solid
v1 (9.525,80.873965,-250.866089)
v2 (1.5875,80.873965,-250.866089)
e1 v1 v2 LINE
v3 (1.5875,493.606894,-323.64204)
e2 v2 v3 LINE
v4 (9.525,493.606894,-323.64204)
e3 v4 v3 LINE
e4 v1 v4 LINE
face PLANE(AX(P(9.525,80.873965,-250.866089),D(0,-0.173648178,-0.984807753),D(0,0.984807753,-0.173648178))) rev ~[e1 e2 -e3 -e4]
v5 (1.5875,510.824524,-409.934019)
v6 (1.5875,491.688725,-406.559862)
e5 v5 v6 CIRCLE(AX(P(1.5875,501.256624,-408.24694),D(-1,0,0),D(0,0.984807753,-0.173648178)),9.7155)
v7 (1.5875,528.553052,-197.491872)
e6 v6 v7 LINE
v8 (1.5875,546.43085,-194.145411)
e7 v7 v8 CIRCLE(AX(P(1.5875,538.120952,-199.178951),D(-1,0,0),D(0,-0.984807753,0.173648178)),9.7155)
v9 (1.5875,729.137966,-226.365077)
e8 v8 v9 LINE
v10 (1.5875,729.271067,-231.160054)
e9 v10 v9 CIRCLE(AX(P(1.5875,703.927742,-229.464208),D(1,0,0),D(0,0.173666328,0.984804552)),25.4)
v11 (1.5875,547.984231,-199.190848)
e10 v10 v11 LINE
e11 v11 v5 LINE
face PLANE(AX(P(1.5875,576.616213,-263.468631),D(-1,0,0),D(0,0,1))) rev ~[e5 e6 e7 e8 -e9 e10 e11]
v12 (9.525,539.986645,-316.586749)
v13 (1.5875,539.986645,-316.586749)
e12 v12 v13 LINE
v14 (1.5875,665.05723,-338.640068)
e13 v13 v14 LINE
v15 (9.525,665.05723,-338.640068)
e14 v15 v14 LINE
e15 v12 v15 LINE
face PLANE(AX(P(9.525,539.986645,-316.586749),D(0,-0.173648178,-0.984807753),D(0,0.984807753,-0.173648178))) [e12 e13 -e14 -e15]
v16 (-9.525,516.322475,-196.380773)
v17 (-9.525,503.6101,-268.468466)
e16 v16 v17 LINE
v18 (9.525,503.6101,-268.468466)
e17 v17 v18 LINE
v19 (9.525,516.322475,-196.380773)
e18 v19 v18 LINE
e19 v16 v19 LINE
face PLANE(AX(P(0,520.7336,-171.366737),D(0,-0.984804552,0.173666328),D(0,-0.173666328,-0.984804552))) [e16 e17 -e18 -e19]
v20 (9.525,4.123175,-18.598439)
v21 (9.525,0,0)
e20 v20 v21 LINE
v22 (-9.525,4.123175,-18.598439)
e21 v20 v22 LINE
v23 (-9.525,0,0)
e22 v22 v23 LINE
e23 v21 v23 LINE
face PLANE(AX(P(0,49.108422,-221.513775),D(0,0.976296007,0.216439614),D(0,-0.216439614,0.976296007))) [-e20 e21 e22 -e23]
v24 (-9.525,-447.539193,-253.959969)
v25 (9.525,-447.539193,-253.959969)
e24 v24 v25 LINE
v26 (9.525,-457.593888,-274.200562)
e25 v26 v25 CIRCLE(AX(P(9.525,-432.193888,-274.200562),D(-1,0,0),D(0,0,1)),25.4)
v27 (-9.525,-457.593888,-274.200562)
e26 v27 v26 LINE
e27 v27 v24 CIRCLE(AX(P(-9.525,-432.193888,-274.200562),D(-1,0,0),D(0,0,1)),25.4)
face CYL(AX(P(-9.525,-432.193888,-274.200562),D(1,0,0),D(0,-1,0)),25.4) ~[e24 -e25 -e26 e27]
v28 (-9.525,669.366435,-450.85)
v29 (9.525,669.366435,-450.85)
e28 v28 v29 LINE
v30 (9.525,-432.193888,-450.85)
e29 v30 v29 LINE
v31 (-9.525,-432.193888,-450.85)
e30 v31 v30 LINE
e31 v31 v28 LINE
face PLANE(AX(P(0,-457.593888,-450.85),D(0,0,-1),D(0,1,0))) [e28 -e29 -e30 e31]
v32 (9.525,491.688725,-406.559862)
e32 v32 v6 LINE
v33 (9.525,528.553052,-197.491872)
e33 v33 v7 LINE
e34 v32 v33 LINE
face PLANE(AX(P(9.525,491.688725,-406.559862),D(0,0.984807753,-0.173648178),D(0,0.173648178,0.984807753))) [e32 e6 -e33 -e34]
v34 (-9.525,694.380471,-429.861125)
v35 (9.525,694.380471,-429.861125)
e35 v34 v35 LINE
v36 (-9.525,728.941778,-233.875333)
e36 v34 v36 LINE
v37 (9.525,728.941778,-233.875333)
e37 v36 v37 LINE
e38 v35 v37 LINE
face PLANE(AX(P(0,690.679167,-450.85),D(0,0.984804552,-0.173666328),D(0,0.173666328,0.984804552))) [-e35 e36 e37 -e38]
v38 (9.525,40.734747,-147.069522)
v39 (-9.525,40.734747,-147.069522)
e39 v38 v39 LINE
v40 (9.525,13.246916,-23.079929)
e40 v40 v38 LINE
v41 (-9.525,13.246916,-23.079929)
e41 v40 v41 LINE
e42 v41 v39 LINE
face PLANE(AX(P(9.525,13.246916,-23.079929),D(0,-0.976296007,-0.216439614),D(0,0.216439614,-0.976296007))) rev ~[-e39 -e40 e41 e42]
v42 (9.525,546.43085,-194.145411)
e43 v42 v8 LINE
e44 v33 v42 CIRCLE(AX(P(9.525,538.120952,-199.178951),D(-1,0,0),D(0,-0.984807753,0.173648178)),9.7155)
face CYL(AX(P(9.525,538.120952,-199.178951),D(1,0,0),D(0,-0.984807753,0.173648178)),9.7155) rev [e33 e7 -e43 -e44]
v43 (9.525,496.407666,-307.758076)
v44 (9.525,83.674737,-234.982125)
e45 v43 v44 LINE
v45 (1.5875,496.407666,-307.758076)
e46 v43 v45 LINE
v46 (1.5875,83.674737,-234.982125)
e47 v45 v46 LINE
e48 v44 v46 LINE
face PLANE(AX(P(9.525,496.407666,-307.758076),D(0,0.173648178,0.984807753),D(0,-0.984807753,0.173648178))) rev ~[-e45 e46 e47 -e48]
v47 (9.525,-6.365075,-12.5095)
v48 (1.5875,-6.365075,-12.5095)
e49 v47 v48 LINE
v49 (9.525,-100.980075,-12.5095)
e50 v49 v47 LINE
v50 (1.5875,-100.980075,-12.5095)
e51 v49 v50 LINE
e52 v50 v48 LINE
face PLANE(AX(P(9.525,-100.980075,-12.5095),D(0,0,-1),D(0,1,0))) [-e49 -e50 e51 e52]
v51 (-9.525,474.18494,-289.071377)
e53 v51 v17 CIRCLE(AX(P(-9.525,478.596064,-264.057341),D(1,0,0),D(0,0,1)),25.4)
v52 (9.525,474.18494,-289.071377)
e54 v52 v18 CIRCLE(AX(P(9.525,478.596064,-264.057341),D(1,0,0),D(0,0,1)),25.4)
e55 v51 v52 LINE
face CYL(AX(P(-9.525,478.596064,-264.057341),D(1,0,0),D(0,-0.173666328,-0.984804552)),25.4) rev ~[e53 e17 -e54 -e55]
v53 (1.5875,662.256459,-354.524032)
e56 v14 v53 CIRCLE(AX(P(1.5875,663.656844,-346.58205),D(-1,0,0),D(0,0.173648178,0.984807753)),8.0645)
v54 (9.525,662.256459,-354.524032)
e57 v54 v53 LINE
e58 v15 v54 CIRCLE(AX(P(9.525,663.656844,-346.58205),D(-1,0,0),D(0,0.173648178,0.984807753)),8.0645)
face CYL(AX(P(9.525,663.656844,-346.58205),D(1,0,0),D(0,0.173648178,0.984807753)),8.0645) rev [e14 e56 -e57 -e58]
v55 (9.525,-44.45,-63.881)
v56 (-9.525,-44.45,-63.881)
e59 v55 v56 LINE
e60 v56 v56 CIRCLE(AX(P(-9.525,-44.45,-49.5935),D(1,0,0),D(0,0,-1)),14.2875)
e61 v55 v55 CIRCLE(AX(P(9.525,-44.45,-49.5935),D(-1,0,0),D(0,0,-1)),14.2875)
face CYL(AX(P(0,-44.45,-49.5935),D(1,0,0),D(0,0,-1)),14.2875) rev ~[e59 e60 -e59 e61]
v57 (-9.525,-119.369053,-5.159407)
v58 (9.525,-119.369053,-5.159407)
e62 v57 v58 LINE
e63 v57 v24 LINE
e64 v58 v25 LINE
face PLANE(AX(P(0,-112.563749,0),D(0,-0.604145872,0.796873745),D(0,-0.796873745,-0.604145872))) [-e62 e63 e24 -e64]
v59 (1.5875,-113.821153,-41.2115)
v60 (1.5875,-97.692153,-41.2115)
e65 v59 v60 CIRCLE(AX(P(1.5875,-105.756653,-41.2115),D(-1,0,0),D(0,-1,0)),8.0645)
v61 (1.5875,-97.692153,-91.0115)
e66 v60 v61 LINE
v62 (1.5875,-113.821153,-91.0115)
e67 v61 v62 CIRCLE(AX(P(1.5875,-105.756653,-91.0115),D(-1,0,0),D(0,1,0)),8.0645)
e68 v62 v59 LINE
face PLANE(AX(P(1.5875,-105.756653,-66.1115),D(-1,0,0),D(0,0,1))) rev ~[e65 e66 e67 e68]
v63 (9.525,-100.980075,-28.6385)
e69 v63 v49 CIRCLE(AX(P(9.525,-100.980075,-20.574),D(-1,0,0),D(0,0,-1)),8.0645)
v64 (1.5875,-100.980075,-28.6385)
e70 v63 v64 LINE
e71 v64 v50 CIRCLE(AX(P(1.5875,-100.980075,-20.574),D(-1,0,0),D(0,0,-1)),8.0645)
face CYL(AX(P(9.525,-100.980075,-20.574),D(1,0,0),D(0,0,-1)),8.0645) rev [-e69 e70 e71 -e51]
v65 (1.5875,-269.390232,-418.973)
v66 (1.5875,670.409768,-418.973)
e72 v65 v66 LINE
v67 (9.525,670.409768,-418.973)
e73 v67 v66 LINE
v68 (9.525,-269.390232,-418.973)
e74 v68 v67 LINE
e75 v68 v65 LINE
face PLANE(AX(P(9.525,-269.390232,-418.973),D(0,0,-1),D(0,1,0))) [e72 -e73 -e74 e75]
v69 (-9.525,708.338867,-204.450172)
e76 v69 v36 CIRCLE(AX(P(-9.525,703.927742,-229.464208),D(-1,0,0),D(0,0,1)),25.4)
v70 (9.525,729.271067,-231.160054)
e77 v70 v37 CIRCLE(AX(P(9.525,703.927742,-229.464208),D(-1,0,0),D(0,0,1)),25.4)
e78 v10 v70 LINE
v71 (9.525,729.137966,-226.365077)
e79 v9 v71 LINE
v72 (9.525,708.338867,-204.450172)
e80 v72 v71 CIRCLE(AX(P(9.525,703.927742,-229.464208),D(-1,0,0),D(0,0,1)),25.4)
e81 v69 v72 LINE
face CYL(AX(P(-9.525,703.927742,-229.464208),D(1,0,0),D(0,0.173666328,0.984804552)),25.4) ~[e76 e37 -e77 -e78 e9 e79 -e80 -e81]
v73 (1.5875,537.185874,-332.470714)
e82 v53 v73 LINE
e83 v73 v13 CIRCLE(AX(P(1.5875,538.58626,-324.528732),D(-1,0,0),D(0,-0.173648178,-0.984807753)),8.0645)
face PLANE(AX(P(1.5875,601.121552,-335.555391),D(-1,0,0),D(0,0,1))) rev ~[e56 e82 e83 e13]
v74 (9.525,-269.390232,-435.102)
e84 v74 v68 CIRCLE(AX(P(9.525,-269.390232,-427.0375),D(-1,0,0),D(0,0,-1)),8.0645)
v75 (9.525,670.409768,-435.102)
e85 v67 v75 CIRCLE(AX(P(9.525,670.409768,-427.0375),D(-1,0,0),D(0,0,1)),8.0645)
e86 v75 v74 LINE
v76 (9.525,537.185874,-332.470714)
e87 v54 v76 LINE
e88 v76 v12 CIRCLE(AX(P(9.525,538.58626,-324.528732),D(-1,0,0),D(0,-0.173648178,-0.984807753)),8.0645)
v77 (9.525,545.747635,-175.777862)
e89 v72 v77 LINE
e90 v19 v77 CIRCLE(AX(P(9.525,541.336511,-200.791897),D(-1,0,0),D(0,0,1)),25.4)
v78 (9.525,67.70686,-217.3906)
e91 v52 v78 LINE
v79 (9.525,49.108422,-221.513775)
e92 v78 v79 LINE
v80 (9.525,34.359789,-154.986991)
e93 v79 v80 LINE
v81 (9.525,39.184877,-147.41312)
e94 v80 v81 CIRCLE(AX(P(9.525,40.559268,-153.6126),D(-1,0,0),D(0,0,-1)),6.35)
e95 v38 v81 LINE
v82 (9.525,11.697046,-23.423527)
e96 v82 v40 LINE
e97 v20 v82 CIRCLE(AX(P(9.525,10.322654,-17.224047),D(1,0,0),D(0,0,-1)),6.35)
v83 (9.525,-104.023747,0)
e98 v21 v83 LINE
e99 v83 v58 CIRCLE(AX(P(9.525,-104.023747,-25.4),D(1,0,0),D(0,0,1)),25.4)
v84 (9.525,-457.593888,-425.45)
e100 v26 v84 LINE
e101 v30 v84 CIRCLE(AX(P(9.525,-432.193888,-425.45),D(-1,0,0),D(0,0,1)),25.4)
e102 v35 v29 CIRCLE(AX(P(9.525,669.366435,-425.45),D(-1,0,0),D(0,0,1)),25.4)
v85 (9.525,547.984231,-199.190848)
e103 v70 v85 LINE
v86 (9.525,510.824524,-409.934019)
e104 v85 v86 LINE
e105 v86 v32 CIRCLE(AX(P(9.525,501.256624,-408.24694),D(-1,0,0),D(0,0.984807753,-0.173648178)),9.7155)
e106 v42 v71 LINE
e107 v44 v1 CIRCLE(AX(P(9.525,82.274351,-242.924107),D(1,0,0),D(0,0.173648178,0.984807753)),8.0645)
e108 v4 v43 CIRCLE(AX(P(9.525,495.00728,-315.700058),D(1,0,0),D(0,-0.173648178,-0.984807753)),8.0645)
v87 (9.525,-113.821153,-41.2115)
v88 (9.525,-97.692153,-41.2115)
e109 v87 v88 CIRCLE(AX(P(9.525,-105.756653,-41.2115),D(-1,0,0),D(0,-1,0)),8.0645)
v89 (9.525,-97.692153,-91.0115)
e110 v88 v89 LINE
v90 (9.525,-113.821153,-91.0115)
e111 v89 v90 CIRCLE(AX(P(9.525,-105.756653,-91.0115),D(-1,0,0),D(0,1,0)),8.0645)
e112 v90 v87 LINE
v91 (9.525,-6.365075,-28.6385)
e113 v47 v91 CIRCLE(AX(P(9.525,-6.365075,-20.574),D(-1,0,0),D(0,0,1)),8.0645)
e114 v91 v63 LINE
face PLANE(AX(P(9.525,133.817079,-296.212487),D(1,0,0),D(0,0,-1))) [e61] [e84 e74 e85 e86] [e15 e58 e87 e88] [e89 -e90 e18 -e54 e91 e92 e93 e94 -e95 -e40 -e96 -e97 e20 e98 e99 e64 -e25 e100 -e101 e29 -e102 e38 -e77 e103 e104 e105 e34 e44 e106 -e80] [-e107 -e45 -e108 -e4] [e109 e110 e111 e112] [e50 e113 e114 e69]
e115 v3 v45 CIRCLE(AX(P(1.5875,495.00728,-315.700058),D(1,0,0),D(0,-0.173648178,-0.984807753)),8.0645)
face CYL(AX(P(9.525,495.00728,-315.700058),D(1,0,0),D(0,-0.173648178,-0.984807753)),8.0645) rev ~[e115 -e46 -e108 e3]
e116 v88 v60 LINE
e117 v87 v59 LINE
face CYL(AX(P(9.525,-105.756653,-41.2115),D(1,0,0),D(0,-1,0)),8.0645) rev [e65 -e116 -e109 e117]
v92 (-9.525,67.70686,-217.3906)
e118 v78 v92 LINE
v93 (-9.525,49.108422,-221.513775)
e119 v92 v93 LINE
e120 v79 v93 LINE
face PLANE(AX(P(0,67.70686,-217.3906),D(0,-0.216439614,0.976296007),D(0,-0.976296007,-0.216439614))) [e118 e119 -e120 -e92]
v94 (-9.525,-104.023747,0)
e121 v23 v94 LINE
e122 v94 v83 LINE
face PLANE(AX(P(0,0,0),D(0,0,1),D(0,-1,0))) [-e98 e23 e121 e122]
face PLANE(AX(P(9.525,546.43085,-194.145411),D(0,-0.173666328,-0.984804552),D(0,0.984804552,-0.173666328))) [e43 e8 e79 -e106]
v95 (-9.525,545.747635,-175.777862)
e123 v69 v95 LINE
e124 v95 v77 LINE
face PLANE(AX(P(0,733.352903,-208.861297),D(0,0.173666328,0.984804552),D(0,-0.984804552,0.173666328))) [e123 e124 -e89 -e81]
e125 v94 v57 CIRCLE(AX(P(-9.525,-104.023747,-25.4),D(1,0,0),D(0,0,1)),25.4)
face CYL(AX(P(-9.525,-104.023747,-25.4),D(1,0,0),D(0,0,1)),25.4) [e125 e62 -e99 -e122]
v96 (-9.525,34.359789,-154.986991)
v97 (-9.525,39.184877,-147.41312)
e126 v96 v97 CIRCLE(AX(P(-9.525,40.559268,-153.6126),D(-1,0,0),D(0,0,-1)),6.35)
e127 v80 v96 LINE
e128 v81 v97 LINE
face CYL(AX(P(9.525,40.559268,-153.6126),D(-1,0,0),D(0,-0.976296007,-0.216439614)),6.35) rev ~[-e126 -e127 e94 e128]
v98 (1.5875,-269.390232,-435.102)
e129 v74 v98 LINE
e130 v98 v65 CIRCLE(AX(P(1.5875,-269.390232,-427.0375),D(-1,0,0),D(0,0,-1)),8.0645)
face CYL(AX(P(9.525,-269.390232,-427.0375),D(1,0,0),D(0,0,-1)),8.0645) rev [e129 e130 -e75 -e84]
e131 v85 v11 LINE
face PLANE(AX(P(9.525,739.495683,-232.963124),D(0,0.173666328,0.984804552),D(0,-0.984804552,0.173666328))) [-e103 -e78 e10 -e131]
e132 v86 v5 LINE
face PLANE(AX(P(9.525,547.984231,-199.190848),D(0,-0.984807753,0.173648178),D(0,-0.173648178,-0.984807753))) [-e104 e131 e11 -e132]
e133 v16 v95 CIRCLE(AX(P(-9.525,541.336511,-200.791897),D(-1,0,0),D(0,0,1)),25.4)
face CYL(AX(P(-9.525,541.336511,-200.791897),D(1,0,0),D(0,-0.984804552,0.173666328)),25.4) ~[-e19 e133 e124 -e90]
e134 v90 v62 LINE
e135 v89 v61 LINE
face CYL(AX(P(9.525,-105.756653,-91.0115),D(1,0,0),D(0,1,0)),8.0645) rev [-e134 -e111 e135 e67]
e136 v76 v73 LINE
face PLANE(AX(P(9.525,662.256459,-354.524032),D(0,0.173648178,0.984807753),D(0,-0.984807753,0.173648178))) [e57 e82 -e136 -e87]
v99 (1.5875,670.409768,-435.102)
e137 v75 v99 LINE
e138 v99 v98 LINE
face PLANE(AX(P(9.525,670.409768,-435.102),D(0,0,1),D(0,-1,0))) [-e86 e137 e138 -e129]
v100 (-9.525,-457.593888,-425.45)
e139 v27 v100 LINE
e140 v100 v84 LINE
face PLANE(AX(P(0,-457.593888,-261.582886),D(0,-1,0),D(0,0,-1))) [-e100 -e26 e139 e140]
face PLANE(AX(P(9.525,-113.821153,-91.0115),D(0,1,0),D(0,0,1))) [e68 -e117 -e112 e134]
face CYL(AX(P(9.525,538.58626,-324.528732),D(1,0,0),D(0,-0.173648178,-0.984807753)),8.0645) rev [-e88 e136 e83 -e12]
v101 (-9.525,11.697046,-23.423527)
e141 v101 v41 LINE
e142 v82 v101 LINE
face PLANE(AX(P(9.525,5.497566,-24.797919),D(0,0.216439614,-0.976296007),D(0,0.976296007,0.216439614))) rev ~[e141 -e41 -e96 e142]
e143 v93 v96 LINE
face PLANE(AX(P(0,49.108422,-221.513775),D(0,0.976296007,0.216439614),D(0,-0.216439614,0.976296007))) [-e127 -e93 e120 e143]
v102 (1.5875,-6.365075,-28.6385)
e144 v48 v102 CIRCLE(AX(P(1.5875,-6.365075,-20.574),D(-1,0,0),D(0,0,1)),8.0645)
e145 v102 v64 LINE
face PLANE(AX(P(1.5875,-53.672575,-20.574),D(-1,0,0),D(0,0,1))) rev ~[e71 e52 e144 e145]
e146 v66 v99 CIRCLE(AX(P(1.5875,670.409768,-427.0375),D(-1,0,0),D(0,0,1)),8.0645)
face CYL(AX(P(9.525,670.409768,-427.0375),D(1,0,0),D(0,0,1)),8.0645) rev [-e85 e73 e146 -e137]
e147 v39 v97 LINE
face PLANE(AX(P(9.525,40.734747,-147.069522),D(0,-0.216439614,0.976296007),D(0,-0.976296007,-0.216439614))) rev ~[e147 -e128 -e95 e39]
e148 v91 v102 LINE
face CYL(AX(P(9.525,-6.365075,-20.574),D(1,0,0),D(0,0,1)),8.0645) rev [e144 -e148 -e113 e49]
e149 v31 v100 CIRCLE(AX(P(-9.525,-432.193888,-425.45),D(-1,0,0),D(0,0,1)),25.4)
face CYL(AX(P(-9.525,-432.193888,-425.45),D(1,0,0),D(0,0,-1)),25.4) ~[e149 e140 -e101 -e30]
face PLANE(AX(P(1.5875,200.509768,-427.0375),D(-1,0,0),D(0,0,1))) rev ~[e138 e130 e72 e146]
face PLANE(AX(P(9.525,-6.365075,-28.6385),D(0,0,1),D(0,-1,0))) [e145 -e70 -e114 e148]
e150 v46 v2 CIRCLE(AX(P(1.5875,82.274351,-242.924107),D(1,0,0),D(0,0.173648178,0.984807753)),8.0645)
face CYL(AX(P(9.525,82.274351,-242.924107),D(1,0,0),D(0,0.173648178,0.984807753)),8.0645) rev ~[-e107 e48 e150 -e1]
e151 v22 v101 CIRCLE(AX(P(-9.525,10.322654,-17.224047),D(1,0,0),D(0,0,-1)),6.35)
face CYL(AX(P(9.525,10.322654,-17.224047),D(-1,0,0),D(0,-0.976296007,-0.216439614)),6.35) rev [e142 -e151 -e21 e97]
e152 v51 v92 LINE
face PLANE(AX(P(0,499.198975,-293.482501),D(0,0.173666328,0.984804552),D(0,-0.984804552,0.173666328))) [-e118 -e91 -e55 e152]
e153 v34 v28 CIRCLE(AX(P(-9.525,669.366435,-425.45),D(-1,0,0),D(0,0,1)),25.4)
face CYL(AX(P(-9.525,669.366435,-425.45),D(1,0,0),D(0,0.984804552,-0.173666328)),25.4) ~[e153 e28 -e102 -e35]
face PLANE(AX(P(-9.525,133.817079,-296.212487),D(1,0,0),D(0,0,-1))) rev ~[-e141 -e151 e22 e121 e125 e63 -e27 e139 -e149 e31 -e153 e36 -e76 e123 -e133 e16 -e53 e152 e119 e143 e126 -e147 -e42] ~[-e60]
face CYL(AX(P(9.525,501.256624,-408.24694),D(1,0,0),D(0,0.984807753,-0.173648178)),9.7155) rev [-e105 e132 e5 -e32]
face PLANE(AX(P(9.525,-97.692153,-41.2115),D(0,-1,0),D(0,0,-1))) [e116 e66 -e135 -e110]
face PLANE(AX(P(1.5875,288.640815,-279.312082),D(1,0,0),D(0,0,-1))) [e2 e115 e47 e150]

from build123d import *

# Parameters (mm, degrees)
BOSS_EXTRUDE1_DEPTH     = 9.525
FILLET1_R               = 25.4
BOSS_EXTRUDE2_DEPTH     = 19.05
FILLET2_R               = 6.35
CUT_EXTRUDE1_DEPTH      = 7.9375
SKETCH9_R               = 14.2875
CUT_EXTRUDE3_DEPTH      = 10.525
CUT_EXTRUDE3_DEPTH_BACK = 10.525


with BuildPart() as part:
    # Sketch1 → Boss-Extrude1 (new body, symmetric)
    with BuildSketch(Plane(origin=(0, 0, 0), x_dir=(0, 0, -1), z_dir=(1, 0, 0))):
        Polygon((0, 0), (0, -112.563749307), (261.582885953, -457.593888215), (450.85, -457.593888215), (450.85, 690.679166755), (208.861297127, 733.352902663), (171.366736958, 520.733599781), (293.482501466, 499.198975136), (217.390599948, 67.706860465), (221.513774593, 49.108421529), align=None)
    extrude(amount=BOSS_EXTRUDE1_DEPTH, both=True)

    # Fillet1
    fillet1_edges = [part.edges().sort_by_distance(p)[0] for p in [
        (0, 499.198975136, -293.482501466),
        (0, 520.733599781, -171.366736958),
        (0, 733.352902663, -208.861297127),
        (0, 690.679166755, -450.85),
        (0, -457.593888215, -450.85),
        (0, -457.593888215, -261.582885953),
        (0, -112.563749307, 0),
    ]]
    fillet(fillet1_edges, radius=FILLET1_R)

    # Sketch5 → Boss-Extrude2 (add)
    with BuildSketch(Plane(origin=(9.525, 0, 0), x_dir=(0, 0, -1), z_dir=(1, 0, 0))):
        Polygon((24.797918581, 5.497566194), (23.079929145, 13.246915751), (147.069522049, 40.734746721), (148.787511485, 32.985397164), align=None)
    extrude(amount=-BOSS_EXTRUDE2_DEPTH)

    # Fillet2
    fillet2_edges = [part.edges().sort_by_distance(p)[0] for p in [
        (0, 32.985397164, -148.787511485),
        (0, 5.497566194, -24.797918581),
    ]]
    fillet(fillet2_edges, radius=FILLET2_R)

    # Sketch6 → Cut-Extrude1 (cut)
    with BuildSketch(Plane(origin=(9.525, 0, 0), x_dir=(0, 0, -1), z_dir=(1, 0, 0))):
        with BuildLine():
            Line((28.6385, -6.365075015), (28.6385, -100.980075015))
            ThreePointArc((28.6385, -100.980075015), (20.574, -109.044575015), (12.5095, -100.980075015))
            Line((12.5095, -100.980075015), (12.5095, -6.365075015))
            ThreePointArc((12.5095, -6.365075015), (20.574, 1.699424985), (28.6385, -6.365075015))
        make_face()
        with BuildLine():
            Line((418.973, -269.390231885), (418.973, 670.409768115))
            ThreePointArc((418.973, 670.409768115), (427.0375, 678.474268115), (435.102, 670.409768115))
            Line((435.102, 670.409768115), (435.102, -269.390231885))
            ThreePointArc((435.102, -269.390231885), (427.0375, -277.454731885), (418.973, -269.390231885))
        make_face()
        with BuildLine():
            Line((354.524032203, 662.256458615), (332.470713639, 537.185873983))
            ThreePointArc((332.470713639, 537.185873983), (323.128345786, 530.644277587), (316.586749391, 539.98664544))
            Line((316.586749391, 539.98664544), (338.640067954, 665.057230073))
            ThreePointArc((338.640067954, 665.057230073), (347.982435807, 671.598826468), (354.524032203, 662.256458615))
        make_face()
        with BuildLine():
            Line((406.559861559, 491.68872453), (197.491872287, 528.553051841))
            ThreePointArc((197.491872287, 528.553051841), (189.629312583, 536.333399232), (194.145410605, 546.430849865))
            Line((194.145410605, 546.430849865), (228.335527156, 740.311741223))
            ThreePointArc((228.335527156, 740.311741223), (231.057354489, 742.217510482), (232.963123748, 739.495683149))
            Line((232.963123748, 739.495683149), (199.190848291, 547.984231028))
            Line((199.190848291, 547.984231028), (409.934019299, 510.824523979))
            ThreePointArc((409.934019299, 510.824523979), (417.814840153, 499.569545384), (406.559861559, 491.68872453))
        make_face()
        with BuildLine():
            Line((250.866088981, 80.873965121), (323.642040242, 493.606894408))
            ThreePointArc((323.642040242, 493.606894408), (317.100443846, 502.949262261), (307.758075993, 496.407665866))
            Line((307.758075993, 496.407665866), (234.982124733, 83.674736578))
            ThreePointArc((234.982124733, 83.674736578), (241.523721128, 74.332368726), (250.866088981, 80.873965121))
        make_face()
        with BuildLine():
            Line((41.2115, -97.692152626), (91.0115, -97.692152626))
            ThreePointArc((91.0115, -97.692152626), (99.076, -105.756652626), (91.0115, -113.821152626))
            Line((91.0115, -113.821152626), (41.2115, -113.821152626))
            ThreePointArc((41.2115, -113.821152626), (33.147, -105.756652626), (41.2115, -97.692152626))
        make_face()
    extrude(amount=-CUT_EXTRUDE1_DEPTH, mode=Mode.SUBTRACT)

    # Sketch9 → Cut-Extrude3 (cut, two sides)
    with BuildSketch(Plane(origin=(0, 0, 0), x_dir=(0, 0, -1), z_dir=(1, 0, 0))) as cut_extrude3_sk:
        with Locations((49.5935, -44.45)):
            Circle(SKETCH9_R)
    extrude(amount=CUT_EXTRUDE3_DEPTH, mode=Mode.SUBTRACT)
    extrude(cut_extrude3_sk.sketch, amount=-CUT_EXTRUDE3_DEPTH_BACK, mode=Mode.SUBTRACT)


solid = part.part
